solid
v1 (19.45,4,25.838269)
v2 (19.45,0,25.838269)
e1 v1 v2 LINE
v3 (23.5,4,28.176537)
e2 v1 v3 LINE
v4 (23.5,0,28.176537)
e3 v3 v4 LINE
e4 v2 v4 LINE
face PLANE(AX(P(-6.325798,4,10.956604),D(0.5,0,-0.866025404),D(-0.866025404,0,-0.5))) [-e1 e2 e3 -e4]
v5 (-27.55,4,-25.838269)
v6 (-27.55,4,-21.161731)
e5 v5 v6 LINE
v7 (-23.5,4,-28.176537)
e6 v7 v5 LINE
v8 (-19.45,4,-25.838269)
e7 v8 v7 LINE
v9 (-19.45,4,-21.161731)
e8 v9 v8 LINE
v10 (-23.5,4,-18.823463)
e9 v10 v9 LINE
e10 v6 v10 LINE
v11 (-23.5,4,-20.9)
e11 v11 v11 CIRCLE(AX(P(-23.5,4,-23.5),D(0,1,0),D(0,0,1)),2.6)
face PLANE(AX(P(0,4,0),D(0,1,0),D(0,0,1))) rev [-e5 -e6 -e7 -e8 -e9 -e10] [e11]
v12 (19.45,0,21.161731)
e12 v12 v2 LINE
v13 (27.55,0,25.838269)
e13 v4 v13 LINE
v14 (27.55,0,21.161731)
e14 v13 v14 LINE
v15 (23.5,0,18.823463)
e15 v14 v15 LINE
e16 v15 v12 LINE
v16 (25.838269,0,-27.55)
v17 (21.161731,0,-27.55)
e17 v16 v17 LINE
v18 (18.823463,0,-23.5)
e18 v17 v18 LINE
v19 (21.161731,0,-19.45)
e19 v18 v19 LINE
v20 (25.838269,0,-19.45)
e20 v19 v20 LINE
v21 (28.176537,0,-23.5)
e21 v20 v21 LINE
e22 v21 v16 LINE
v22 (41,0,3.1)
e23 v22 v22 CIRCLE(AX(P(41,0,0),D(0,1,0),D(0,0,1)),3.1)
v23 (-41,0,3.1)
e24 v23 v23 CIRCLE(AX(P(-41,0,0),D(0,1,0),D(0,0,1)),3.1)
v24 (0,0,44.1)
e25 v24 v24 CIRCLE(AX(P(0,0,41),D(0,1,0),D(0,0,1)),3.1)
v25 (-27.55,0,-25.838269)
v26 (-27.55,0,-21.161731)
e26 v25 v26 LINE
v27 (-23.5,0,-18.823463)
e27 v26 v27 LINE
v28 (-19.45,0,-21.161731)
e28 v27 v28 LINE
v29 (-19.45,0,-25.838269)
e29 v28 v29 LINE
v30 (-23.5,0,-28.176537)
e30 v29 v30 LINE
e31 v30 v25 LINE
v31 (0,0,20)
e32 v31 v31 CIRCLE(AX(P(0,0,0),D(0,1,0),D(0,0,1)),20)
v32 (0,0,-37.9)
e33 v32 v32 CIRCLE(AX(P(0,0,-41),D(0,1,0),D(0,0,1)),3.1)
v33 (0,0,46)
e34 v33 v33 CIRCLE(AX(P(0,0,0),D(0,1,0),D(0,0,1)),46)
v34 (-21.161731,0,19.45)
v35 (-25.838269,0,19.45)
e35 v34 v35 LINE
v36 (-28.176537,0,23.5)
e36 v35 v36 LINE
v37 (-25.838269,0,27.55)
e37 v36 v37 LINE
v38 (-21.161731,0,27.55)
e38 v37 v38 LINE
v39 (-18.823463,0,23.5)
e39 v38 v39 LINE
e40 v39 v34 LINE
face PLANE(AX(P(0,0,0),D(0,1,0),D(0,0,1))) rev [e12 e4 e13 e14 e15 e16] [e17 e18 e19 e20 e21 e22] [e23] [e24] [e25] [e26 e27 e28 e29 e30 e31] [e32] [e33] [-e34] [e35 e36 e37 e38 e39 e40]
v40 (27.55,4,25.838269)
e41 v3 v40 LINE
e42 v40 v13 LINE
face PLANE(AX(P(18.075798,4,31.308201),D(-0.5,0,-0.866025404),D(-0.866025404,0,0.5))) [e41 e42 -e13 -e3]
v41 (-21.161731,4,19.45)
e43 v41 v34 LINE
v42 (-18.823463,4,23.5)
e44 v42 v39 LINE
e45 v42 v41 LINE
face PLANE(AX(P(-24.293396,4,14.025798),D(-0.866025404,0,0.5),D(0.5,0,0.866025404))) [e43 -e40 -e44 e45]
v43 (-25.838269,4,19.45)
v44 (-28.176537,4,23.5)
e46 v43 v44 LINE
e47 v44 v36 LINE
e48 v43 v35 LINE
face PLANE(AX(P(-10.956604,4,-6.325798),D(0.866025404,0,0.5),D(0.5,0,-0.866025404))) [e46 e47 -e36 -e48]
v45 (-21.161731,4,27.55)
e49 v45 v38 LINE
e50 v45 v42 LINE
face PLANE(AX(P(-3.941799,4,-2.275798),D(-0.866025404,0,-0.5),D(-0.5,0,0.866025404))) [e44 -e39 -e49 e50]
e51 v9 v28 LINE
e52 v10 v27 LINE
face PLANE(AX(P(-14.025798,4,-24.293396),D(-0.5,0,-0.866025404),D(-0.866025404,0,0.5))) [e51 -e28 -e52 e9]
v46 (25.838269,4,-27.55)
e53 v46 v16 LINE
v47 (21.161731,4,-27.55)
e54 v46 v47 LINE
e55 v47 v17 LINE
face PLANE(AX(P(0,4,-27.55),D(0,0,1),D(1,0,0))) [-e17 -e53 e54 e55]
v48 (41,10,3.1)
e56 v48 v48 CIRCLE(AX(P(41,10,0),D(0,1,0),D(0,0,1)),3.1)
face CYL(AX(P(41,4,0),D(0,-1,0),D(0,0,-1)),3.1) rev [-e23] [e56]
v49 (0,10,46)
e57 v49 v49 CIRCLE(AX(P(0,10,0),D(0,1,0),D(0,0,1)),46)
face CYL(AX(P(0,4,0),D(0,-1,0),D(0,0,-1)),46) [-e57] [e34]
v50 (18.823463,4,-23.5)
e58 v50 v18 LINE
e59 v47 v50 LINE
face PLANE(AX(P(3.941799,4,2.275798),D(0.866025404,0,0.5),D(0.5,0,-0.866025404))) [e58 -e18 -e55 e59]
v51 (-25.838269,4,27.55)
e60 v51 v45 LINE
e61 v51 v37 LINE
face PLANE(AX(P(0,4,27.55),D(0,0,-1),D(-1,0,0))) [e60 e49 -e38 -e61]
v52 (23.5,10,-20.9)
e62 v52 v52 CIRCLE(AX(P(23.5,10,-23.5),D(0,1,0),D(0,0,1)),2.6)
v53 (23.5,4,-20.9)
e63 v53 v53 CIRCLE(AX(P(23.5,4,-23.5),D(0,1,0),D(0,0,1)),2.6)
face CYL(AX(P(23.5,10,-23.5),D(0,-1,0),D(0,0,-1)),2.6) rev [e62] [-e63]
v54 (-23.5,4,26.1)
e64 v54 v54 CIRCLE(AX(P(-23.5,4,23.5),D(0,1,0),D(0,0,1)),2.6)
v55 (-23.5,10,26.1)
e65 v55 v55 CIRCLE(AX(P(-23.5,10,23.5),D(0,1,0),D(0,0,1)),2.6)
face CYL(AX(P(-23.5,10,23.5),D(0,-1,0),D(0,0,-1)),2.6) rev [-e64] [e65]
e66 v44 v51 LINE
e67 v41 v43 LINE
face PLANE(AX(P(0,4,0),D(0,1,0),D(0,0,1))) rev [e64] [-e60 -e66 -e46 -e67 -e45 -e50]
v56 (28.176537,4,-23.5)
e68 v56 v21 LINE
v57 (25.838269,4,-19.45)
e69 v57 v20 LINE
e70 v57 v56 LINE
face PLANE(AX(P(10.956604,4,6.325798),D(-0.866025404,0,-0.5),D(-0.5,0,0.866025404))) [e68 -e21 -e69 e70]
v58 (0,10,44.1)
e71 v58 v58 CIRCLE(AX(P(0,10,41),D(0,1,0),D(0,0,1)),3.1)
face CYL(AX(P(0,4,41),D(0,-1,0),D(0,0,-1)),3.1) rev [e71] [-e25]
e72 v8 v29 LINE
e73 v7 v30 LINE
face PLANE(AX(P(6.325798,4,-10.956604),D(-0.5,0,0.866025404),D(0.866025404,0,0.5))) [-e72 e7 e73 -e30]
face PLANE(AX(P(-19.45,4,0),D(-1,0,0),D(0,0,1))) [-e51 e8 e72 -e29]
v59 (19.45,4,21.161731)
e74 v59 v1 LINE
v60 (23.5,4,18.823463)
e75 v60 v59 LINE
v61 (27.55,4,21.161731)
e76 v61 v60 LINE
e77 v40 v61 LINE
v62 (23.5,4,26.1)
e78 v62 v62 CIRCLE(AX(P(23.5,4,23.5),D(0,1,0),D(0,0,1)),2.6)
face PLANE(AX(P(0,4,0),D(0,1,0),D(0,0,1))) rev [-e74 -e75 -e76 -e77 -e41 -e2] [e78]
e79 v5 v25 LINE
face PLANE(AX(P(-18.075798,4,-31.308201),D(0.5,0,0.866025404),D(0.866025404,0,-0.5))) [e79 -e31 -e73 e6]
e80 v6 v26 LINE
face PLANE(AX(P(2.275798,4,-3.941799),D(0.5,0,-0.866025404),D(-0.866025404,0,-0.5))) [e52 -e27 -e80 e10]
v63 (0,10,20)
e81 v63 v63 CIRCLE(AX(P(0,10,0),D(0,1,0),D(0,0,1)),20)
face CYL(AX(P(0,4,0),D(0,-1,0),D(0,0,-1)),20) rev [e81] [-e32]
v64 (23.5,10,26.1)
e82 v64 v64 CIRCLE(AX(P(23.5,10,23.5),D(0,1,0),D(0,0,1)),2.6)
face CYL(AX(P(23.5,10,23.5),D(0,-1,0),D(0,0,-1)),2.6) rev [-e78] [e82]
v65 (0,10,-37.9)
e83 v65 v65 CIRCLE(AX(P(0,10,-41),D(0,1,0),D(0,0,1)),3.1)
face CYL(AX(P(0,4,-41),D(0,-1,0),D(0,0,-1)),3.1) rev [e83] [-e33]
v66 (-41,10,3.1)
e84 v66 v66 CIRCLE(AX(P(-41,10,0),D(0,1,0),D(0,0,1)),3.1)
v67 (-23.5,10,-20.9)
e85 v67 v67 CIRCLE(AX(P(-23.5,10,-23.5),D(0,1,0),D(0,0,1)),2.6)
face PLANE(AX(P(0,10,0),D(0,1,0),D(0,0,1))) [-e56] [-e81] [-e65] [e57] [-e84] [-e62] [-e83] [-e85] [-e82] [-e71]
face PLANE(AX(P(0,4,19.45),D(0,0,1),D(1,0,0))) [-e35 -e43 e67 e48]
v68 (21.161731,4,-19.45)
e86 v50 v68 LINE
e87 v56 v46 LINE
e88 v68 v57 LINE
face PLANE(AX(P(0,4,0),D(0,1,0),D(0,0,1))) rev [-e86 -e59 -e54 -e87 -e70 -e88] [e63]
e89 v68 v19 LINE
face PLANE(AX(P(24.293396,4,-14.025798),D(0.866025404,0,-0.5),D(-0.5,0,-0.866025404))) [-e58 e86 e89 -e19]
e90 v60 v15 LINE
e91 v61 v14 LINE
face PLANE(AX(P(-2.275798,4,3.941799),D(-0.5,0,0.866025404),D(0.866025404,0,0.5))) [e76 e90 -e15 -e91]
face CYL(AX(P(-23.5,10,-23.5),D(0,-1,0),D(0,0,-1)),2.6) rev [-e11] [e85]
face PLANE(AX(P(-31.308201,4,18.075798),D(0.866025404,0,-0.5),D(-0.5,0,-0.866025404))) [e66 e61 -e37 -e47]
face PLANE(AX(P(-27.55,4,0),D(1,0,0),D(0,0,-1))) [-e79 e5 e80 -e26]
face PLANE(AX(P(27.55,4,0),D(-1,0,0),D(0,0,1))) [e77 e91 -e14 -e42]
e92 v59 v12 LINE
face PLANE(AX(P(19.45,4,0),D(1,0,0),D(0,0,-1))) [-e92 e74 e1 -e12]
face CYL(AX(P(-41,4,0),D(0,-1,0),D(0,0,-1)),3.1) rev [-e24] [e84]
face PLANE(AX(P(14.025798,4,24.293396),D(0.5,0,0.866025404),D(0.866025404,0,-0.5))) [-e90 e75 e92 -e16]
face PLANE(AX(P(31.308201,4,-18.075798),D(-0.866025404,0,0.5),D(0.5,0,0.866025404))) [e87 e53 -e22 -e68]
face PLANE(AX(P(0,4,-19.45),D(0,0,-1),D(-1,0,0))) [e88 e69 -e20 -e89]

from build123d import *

# Parameters (mm, degrees)
SKETCH_1_R      = 46
SKETCH_1_R_2    = 20
SKETCH_1_R_3    = 3.1
EXTRUDE_1_DEPTH = 4
EXTRUDE_START   = 4
SKETCH_1_8_R    = 46
SKETCH_1_8_R_2  = 3.1
SKETCH_1_8_R_3  = 20
SKETCH_1_8_R_4  = 2.6
EXTRUDE_3_DEPTH = 6


with BuildPart() as part:
    # 草图1 → 凸台-拉伸1 (new body)
    with BuildSketch(Plane(origin=(0, 0, 0), x_dir=(1, 0, 0), z_dir=(0, 1, 0))):
        with Locations(Location((0, 0, 0), (0, 0, 270))):
            Circle(SKETCH_1_R)
        with Locations(Location((0, 0, 0), (0, 0, 270))):
            Circle(SKETCH_1_R_2, mode=Mode.SUBTRACT)
        with Locations(Location((0, 41, 0), (0, 0, 270))):
            Circle(SKETCH_1_R_3, mode=Mode.SUBTRACT)
        with Locations(Location((41, 0, 0), (0, 0, 270))):
            Circle(SKETCH_1_R_3, mode=Mode.SUBTRACT)
        with Locations(Location((0, -41, 0), (0, 0, 270))):
            Circle(SKETCH_1_R_3, mode=Mode.SUBTRACT)
        with Locations(Location((-41, 0, 0), (0, 0, 270))):
            Circle(SKETCH_1_R_3, mode=Mode.SUBTRACT)
        Polygon((-19.45, 21.16173141), (-19.45, 25.83826859), (-23.5, 28.17653718), (-27.55, 25.83826859), (-27.55, 21.16173141), (-23.5, 18.82346282), align=None, mode=Mode.SUBTRACT)
        Polygon((21.16173141, 19.45), (25.83826859, 19.45), (28.17653718, 23.5), (25.83826859, 27.55), (21.16173141, 27.55), (18.82346282, 23.5), align=None, mode=Mode.SUBTRACT)
        Polygon((19.45, -21.16173141), (19.45, -25.83826859), (23.5, -28.17653718), (27.55, -25.83826859), (27.55, -21.16173141), (23.5, -18.82346282), align=None, mode=Mode.SUBTRACT)
        Polygon((-21.16173141, -19.45), (-25.83826859, -19.45), (-28.17653718, -23.5), (-25.83826859, -27.55), (-21.16173141, -27.55), (-18.82346282, -23.5), align=None, mode=Mode.SUBTRACT)
    extrude(amount=EXTRUDE_1_DEPTH)

    # 草图1<8> → 凸台-拉伸3 (add)
    # profile 1 of 5: a face of its own
    with BuildSketch(Plane(origin=(0, 0, 0), x_dir=(1, 0, 0), z_dir=(0, 1, 0)).offset(EXTRUDE_START)):
        with Locations(Location((0, 0, 0), (0, 0, 270))):
            Circle(SKETCH_1_8_R)
        with Locations(Location((-41, 0, 0), (0, 0, 270))):
            Circle(SKETCH_1_8_R_2, mode=Mode.SUBTRACT)
        with Locations(Location((0, -41, 0), (0, 0, 270))):
            Circle(SKETCH_1_8_R_2, mode=Mode.SUBTRACT)
        with Locations(Location((41, 0, 0), (0, 0, 270))):
            Circle(SKETCH_1_8_R_2, mode=Mode.SUBTRACT)
        with Locations(Location((0, 41, 0), (0, 0, 270))):
            Circle(SKETCH_1_8_R_2, mode=Mode.SUBTRACT)
        with Locations(Location((0, 0, 0), (0, 0, 270))):
            Circle(SKETCH_1_8_R_3, mode=Mode.SUBTRACT)
        Polygon((-23.5, 18.82346282), (-19.45, 21.16173141), (-19.45, 25.83826859), (-23.5, 28.17653718), (-27.55, 25.83826859), (-27.55, 21.16173141), align=None, mode=Mode.SUBTRACT)
        Polygon((18.82346282, 23.5), (21.16173141, 19.45), (25.83826859, 19.45), (28.17653718, 23.5), (25.83826859, 27.55), (21.16173141, 27.55), align=None, mode=Mode.SUBTRACT)
        Polygon((23.5, -18.82346282), (19.45, -21.16173141), (19.45, -25.83826859), (23.5, -28.17653718), (27.55, -25.83826859), (27.55, -21.16173141), align=None, mode=Mode.SUBTRACT)
        Polygon((-18.82346282, -23.5), (-21.16173141, -19.45), (-25.83826859, -19.45), (-28.17653718, -23.5), (-25.83826859, -27.55), (-21.16173141, -27.55), align=None, mode=Mode.SUBTRACT)
    # profile 2 of 5: a face of its own
    with BuildSketch(Plane(origin=(0, 0, 0), x_dir=(1, 0, 0), z_dir=(0, 1, 0)).offset(EXTRUDE_START)):
        Polygon((-21.16173141, -27.55), (-18.82346282, -23.5), (-21.16173141, -19.45), (-25.83826859, -19.45), (-28.17653718, -23.5), (-25.83826859, -27.55), align=None)
        with Locations(Location((-23.5, -23.5, 0), (0, 0, 270))):
            Circle(SKETCH_1_8_R_4, mode=Mode.SUBTRACT)
    # profile 3 of 5: a face of its own
    with BuildSketch(Plane(origin=(0, 0, 0), x_dir=(1, 0, 0), z_dir=(0, 1, 0)).offset(EXTRUDE_START)):
        Polygon((27.55, -21.16173141), (23.5, -18.82346282), (19.45, -21.16173141), (19.45, -25.83826859), (23.5, -28.17653718), (27.55, -25.83826859), align=None)
        with Locations(Location((23.5, -23.5, 0), (0, 0, 270))):
            Circle(SKETCH_1_8_R_4, mode=Mode.SUBTRACT)
    # profile 4 of 5: a face of its own
    with BuildSketch(Plane(origin=(0, 0, 0), x_dir=(1, 0, 0), z_dir=(0, 1, 0)).offset(EXTRUDE_START)):
        Polygon((21.16173141, 27.55), (18.82346282, 23.5), (21.16173141, 19.45), (25.83826859, 19.45), (28.17653718, 23.5), (25.83826859, 27.55), align=None)
        with Locations(Location((23.5, 23.5, 0), (0, 0, 270))):
            Circle(SKETCH_1_8_R_4, mode=Mode.SUBTRACT)
    # profile 5 of 5: a face of its own
    with BuildSketch(Plane(origin=(0, 0, 0), x_dir=(1, 0, 0), z_dir=(0, 1, 0)).offset(EXTRUDE_START)):
        Polygon((-27.55, 21.16173141), (-23.5, 18.82346282), (-19.45, 21.16173141), (-19.45, 25.83826859), (-23.5, 28.17653718), (-27.55, 25.83826859), align=None)
        with Locations(Location((-23.5, 23.5, 0), (0, 0, 270))):
            Circle(SKETCH_1_8_R_4, mode=Mode.SUBTRACT)
    extrude(amount=EXTRUDE_3_DEPTH)


solid = part.part
